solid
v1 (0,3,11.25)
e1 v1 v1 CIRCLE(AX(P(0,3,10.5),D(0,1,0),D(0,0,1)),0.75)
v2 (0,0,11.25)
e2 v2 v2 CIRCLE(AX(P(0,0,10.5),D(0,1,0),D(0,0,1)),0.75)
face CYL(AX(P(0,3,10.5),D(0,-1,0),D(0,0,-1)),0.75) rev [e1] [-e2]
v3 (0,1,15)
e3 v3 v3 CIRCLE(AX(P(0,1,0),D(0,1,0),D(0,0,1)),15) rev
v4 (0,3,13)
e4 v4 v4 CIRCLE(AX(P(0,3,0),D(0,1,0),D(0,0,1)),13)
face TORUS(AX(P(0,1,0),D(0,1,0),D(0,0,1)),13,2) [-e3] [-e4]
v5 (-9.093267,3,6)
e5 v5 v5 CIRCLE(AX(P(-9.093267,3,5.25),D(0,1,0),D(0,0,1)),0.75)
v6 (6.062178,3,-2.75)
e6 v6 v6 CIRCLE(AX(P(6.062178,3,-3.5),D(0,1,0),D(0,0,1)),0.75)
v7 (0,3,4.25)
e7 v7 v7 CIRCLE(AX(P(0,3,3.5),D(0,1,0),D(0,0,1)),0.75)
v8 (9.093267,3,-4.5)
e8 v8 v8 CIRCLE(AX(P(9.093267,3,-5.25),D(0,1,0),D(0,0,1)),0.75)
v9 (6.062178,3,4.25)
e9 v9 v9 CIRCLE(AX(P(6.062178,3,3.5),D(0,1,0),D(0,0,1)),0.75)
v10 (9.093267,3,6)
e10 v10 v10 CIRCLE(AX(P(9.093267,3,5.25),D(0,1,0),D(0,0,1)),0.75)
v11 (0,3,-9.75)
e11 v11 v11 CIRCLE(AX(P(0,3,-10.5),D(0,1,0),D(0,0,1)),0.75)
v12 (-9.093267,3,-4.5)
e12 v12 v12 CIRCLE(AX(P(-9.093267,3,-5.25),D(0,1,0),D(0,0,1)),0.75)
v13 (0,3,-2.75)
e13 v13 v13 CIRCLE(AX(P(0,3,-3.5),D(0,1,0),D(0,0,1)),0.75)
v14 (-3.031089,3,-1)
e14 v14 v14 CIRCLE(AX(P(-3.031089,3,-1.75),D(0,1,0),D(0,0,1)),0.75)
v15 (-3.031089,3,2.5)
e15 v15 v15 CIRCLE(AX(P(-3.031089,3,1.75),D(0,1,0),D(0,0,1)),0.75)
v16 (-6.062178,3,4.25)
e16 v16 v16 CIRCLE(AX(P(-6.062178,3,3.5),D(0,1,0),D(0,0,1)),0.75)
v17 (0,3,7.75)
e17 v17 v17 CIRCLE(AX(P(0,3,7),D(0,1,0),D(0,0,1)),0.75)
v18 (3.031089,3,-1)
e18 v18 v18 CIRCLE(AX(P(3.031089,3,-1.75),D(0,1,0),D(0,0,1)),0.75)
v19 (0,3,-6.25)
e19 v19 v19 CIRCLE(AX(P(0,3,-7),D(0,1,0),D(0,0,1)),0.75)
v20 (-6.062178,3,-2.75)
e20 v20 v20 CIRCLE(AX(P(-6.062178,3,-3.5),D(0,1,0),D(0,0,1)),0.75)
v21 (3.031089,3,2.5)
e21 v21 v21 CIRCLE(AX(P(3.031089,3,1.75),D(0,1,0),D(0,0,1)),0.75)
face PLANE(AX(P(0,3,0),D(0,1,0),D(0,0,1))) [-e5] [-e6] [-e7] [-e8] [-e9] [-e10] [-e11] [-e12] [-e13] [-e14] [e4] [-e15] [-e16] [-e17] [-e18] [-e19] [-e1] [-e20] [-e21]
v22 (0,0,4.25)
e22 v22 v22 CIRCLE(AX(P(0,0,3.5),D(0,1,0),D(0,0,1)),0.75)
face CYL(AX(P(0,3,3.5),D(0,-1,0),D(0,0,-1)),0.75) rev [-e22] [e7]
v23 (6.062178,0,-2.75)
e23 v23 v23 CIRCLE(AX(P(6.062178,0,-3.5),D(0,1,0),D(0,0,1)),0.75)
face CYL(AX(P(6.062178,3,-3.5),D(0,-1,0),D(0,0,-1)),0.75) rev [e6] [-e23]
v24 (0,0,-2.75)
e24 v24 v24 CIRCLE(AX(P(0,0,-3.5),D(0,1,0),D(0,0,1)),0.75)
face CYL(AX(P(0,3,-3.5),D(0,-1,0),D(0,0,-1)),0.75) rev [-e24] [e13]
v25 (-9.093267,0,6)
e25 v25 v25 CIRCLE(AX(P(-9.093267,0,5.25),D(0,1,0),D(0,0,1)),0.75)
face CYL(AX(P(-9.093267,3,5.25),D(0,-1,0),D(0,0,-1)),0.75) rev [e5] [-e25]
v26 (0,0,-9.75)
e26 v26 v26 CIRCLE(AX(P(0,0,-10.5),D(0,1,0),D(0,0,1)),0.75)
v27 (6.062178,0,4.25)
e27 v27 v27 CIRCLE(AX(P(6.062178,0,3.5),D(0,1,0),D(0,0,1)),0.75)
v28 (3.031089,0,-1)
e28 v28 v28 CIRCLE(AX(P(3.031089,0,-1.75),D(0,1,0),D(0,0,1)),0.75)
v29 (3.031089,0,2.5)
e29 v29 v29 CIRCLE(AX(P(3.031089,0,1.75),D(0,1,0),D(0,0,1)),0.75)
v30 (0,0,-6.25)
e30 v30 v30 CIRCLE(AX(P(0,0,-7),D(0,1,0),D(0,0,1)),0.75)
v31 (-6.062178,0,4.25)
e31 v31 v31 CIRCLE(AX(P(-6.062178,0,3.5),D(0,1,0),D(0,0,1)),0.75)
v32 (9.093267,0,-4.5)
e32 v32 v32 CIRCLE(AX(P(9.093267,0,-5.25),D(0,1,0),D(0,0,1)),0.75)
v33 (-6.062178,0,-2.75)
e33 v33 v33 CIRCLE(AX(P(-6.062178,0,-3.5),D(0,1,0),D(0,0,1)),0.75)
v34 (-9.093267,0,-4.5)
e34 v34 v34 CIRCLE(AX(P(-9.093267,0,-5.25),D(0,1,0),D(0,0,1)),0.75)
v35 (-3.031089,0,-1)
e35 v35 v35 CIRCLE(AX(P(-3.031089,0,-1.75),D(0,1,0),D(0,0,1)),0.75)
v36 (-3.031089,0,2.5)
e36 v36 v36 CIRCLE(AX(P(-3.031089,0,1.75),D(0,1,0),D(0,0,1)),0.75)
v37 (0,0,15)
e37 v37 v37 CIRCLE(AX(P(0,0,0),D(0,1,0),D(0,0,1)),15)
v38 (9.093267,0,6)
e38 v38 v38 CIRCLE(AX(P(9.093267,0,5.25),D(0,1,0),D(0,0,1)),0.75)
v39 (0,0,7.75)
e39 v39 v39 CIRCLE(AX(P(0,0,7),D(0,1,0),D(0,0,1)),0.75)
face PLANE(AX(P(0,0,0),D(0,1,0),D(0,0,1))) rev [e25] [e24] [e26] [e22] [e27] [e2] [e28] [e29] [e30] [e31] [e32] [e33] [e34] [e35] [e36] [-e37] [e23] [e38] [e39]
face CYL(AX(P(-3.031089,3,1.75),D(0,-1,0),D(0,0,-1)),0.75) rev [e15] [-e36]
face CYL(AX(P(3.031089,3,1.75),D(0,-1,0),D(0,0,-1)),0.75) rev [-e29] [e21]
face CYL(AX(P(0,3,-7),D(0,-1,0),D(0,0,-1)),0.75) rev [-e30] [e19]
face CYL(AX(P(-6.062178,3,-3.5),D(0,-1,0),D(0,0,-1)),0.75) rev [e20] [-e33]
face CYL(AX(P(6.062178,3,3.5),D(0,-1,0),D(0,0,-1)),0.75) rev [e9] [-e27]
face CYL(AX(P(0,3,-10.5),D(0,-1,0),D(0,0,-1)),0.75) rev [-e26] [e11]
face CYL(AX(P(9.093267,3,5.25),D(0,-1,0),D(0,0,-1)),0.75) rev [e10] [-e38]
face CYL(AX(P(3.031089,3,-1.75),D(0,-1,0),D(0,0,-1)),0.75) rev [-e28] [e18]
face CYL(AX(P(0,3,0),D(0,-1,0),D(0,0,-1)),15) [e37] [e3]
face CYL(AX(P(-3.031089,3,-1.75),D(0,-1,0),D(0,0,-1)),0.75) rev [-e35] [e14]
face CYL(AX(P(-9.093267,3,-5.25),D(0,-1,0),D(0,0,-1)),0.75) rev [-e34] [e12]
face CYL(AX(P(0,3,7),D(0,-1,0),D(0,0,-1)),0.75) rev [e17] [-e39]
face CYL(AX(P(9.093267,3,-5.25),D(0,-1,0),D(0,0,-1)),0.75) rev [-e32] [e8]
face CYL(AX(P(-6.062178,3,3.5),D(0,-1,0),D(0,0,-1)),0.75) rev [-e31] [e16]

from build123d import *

# Parameters (mm, degrees)
SKETCH1_R           = 15
SKETCH1_R_2         = 0.75
BOSS_EXTRUDE1_DEPTH = 3
FILLET1_R           = 2


with BuildPart() as part:
    # Sketch1 → Boss-Extrude1 (new body)
    with BuildSketch(Plane(origin=(0, 0, 0), x_dir=(1, 0, 0), z_dir=(0, 1, 0))):
        Circle(SKETCH1_R)
        with Locations((0, 10.5)):
            Circle(SKETCH1_R_2, mode=Mode.SUBTRACT)
        with Locations((0, 7)):
            Circle(SKETCH1_R_2, mode=Mode.SUBTRACT)
        with Locations((0, 3.5)):
            Circle(SKETCH1_R_2, mode=Mode.SUBTRACT)
        with Locations((3.031088913, 1.75)):
            Circle(SKETCH1_R_2, mode=Mode.SUBTRACT)
        with Locations((6.062177826, 3.5)):
            Circle(SKETCH1_R_2, mode=Mode.SUBTRACT)
        with Locations((9.09326674, 5.25)):
            Circle(SKETCH1_R_2, mode=Mode.SUBTRACT)
        with Locations((3.031088913, -1.75)):
            Circle(SKETCH1_R_2, mode=Mode.SUBTRACT)
        with Locations((6.062177826, -3.5)):
            Circle(SKETCH1_R_2, mode=Mode.SUBTRACT)
        with Locations((9.09326674, -5.25)):
            Circle(SKETCH1_R_2, mode=Mode.SUBTRACT)
        with Locations((0, -3.5)):
            Circle(SKETCH1_R_2, mode=Mode.SUBTRACT)
        with Locations((0, -7)):
            Circle(SKETCH1_R_2, mode=Mode.SUBTRACT)
        with Locations((0, -10.5)):
            Circle(SKETCH1_R_2, mode=Mode.SUBTRACT)
        with Locations((-3.031088913, -1.75)):
            Circle(SKETCH1_R_2, mode=Mode.SUBTRACT)
        with Locations((-6.062177826, -3.5)):
            Circle(SKETCH1_R_2, mode=Mode.SUBTRACT)
        with Locations((-9.09326674, -5.25)):
            Circle(SKETCH1_R_2, mode=Mode.SUBTRACT)
        with Locations((-3.031088913, 1.75)):
            Circle(SKETCH1_R_2, mode=Mode.SUBTRACT)
        with Locations((-6.062177826, 3.5)):
            Circle(SKETCH1_R_2, mode=Mode.SUBTRACT)
        with Locations((-9.09326674, 5.25)):
            Circle(SKETCH1_R_2, mode=Mode.SUBTRACT)
    extrude(amount=BOSS_EXTRUDE1_DEPTH)

    # Fillet1
    fillet1_edges = [part.edges().sort_by_distance(p)[0] for p in [
        (-15, 3, 0),
    ]]
    fillet(fillet1_edges, radius=FILLET1_R)


solid = part.part
